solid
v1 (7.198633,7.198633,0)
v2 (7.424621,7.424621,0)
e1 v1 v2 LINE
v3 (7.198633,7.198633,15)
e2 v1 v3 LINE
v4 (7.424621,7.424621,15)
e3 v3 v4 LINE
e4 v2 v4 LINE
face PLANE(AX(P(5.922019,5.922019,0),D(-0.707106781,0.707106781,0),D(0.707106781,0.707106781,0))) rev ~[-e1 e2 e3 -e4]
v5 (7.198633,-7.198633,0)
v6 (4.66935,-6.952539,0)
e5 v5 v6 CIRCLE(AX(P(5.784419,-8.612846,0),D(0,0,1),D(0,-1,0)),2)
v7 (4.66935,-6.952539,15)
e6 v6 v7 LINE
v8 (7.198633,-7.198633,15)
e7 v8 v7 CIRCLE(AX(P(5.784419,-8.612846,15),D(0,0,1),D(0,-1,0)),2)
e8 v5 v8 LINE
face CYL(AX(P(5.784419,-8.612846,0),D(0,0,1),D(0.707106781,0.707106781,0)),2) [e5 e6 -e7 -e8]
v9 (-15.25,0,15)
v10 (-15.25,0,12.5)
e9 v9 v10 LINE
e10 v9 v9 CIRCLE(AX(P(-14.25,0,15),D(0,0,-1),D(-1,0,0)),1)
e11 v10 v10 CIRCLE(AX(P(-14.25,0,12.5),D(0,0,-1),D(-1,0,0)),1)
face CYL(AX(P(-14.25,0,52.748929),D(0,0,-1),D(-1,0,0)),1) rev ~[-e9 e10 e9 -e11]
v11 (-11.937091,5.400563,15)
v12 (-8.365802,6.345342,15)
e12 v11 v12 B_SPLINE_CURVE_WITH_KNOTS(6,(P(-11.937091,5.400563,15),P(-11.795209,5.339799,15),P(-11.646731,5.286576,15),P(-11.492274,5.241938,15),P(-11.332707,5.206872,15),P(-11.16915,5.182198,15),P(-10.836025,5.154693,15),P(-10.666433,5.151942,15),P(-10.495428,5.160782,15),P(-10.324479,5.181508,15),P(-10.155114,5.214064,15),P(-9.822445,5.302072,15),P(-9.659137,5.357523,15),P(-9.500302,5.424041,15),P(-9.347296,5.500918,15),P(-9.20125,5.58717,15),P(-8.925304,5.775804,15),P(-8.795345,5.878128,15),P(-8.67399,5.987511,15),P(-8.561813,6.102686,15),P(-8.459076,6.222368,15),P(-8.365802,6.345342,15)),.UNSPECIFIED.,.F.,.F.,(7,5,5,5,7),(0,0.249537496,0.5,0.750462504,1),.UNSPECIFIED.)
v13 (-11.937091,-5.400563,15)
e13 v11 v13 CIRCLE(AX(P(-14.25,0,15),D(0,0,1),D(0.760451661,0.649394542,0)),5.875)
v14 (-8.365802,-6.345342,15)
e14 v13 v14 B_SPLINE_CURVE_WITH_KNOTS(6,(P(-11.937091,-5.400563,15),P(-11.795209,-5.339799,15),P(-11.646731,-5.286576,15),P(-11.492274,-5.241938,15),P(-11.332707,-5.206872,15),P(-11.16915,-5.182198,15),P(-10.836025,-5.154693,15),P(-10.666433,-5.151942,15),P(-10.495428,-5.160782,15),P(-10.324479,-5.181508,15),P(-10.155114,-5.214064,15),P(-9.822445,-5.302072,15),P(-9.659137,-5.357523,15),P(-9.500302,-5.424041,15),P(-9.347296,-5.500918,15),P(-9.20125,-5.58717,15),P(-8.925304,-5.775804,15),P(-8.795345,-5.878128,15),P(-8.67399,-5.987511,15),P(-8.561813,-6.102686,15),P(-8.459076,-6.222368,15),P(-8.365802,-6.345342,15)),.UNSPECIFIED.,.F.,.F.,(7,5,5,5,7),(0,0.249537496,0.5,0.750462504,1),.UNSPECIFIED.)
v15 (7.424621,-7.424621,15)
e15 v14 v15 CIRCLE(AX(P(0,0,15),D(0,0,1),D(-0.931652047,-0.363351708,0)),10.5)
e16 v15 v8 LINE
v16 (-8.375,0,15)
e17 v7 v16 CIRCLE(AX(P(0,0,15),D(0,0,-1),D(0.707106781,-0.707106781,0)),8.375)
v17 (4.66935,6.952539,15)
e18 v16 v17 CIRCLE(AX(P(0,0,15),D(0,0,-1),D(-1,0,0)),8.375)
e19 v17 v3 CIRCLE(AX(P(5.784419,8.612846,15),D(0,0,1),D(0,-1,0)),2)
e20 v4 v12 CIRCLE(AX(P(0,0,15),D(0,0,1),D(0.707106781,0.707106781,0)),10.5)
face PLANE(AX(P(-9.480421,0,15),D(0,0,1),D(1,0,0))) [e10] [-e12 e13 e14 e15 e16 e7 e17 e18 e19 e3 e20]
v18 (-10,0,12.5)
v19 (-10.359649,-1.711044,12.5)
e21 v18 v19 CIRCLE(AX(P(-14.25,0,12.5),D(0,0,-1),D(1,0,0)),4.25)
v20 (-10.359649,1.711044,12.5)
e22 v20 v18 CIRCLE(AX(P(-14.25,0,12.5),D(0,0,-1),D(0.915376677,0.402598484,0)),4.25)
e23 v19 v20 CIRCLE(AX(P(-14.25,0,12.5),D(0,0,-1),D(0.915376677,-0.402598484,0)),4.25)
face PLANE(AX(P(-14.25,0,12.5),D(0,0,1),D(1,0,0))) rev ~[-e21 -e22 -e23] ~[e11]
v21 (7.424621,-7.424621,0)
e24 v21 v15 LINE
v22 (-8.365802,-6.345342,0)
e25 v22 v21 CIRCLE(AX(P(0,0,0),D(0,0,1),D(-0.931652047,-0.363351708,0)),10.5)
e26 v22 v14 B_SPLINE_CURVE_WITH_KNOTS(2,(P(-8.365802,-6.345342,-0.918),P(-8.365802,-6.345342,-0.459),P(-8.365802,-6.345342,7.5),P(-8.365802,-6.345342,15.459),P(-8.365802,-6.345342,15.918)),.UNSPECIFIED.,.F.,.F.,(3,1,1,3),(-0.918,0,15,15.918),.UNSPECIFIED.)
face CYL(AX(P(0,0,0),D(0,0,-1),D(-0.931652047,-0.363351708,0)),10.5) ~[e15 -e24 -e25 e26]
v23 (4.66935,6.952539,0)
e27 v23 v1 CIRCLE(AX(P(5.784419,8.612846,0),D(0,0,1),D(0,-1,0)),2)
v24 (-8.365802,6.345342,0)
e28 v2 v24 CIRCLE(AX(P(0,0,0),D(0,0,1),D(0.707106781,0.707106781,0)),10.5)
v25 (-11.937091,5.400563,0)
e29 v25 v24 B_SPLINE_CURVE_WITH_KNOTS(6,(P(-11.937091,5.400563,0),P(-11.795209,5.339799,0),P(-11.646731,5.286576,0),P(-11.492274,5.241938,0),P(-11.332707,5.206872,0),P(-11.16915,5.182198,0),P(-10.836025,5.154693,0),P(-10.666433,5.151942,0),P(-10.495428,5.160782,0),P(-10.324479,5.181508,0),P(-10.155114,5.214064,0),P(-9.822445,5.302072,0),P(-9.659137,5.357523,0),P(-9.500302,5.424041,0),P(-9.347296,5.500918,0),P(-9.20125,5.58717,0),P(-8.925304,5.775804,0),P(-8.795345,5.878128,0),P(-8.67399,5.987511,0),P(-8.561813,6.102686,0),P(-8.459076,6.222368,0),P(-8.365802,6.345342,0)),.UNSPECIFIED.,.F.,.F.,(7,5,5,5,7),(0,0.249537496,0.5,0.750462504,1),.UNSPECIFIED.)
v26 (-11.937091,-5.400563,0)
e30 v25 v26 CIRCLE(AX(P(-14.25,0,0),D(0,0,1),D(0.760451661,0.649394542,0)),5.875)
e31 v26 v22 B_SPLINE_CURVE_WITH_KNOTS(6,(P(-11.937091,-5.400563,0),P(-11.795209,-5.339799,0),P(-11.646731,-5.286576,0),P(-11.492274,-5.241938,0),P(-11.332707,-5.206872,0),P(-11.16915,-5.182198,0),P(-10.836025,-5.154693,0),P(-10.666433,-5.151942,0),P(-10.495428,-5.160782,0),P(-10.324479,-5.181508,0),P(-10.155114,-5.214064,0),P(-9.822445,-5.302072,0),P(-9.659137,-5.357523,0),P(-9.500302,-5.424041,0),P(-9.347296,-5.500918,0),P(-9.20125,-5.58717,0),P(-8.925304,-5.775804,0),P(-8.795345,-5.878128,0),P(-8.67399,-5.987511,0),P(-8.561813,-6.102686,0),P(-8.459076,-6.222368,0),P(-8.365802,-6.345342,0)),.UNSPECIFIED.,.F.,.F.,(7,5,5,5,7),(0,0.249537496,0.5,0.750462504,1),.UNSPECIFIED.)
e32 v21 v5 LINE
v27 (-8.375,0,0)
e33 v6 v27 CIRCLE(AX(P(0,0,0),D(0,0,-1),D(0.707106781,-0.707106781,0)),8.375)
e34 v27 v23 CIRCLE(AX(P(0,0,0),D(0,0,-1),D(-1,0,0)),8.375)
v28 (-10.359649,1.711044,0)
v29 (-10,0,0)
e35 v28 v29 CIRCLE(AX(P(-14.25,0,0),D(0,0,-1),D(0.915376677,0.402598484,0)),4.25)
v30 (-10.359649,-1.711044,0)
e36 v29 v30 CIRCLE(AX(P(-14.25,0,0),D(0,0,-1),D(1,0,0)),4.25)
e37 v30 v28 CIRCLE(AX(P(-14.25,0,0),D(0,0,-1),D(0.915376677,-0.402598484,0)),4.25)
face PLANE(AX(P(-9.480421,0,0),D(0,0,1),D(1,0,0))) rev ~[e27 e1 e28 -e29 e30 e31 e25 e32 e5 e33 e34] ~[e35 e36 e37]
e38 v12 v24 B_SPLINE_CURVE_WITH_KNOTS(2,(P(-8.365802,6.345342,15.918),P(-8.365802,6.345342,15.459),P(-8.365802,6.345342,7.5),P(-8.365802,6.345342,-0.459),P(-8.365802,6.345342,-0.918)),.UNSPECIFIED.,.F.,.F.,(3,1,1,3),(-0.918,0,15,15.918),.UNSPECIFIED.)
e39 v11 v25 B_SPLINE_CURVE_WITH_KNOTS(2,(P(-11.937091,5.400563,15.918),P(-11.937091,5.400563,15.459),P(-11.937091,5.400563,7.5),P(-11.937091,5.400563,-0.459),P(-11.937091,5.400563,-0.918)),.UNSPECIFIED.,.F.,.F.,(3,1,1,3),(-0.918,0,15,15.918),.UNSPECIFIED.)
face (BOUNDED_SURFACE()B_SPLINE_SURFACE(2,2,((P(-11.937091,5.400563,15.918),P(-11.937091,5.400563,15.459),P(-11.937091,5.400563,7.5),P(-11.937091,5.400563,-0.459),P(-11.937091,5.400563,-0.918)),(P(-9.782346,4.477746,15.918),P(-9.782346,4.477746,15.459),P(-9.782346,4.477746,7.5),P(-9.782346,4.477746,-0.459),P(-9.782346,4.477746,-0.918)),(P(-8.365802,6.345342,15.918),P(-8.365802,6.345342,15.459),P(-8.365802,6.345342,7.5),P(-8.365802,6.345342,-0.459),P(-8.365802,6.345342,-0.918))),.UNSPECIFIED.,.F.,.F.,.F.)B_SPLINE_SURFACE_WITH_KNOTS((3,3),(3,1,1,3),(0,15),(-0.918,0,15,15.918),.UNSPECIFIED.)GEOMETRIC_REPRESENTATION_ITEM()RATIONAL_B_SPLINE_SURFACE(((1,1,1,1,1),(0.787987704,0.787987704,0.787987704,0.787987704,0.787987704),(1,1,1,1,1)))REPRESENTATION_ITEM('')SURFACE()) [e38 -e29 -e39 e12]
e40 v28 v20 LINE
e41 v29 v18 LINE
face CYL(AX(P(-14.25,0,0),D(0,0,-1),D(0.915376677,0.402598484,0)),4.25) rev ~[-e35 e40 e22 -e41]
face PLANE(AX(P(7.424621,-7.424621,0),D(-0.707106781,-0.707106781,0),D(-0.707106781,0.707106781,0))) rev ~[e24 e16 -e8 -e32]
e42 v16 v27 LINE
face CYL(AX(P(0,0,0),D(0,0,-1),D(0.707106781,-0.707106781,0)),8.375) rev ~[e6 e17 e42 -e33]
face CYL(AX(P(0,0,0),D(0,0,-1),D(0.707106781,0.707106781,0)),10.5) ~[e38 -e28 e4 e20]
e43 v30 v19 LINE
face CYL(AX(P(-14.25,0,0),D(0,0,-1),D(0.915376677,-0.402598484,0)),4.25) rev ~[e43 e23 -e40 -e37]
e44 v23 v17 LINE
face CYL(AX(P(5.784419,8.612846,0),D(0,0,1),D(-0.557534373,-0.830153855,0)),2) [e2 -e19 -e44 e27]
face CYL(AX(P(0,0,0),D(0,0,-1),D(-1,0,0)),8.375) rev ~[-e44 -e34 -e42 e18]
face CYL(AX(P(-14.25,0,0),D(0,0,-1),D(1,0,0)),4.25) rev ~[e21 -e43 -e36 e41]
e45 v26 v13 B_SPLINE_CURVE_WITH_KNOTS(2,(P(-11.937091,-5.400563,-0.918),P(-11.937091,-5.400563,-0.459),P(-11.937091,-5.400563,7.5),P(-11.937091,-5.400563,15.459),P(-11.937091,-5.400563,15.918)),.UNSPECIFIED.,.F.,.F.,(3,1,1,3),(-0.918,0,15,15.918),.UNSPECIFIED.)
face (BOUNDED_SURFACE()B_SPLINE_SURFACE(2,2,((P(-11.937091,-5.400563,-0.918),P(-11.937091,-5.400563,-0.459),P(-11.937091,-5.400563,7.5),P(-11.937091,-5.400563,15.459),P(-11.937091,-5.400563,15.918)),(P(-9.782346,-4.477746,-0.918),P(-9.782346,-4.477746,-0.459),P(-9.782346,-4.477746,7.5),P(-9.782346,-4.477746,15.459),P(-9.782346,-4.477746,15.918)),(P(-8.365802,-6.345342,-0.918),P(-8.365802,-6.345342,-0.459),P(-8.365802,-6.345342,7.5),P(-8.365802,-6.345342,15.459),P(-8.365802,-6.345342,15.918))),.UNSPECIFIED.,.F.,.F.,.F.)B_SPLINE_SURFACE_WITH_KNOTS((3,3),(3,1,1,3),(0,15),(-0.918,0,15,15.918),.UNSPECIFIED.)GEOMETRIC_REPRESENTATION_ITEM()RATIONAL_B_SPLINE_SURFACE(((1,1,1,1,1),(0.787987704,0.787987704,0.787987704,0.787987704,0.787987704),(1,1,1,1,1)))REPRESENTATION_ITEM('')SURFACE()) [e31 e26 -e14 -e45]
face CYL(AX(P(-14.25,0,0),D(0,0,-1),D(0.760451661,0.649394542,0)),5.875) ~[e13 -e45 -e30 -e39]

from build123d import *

# Parameters (mm, degrees)
F1_DEPTH = 15
F2_R     = 2
F3_R     = 5.875
F4_DEPTH = 2.5
F5_R     = 3
F7_D     = 2


with BuildPart() as f1:
    # F0 (on Top) → F1 (new body)
    with BuildSketch(Plane.XY):
        with BuildLine():
            ThreePointArc((-10.3596491228, 1.7110435565), (-10.0908840346, 0.8742164411), (-10, 0))
            ThreePointArc((-10, 0), (-10.0908840346, -0.8742164411), (-10.3596491228, -1.7110435565))
            ThreePointArc((-10.3596491228, -1.7110435565), (-10.1258015969, -2.778154427), (-9.7823464912, -3.8151929343))
            ThreePointArc((-9.7823464912, -3.8151929343), (-8.7380543651, -2.0332437921), (-8.375, 0))
            ThreePointArc((-8.375, 0), (-8.7380543651, 2.0332437921), (-9.7823464912, 3.8151929343))
            ThreePointArc((-9.7823464912, 3.8151929343), (-10.1258015969, 2.778154427), (-10.3596491228, 1.7110435565))
        make_face()
        with BuildLine():
            ThreePointArc((-10.3596491228, -1.7110435565), (-18.5, 0), (-10.3596491228, 1.7110435565))
            ThreePointArc((-10.3596491228, 1.7110435565), (-10.1258015969, 2.778154427), (-9.7823464912, 3.8151929343))
            ThreePointArc((-9.7823464912, 3.8151929343), (-20.125, 0), (-9.7823464912, -3.8151929343))
            ThreePointArc((-9.7823464912, -3.8151929343), (-10.1258015969, -2.778154427), (-10.3596491228, -1.7110435565))
        make_face()
        with BuildLine():
            ThreePointArc((7.4246212025, 7.4246212025), (-2.1556229355, 10.2763461288), (-9.7823464912, 3.8151929343))
            ThreePointArc((-9.7823464912, 3.8151929343), (-8.7380543651, 2.0332437921), (-8.375, 0))
            ThreePointArc((-8.375, 0), (-3.2049737461, 7.7374910848), (5.9220192924, 5.9220192924))
            Line((5.9220192924, 5.9220192924), (7.4246212025, 7.4246212025))
        make_face()
        with BuildLine():
            ThreePointArc((-8.375, 0), (-8.7380543651, -2.0332437921), (-9.7823464912, -3.8151929343))
            ThreePointArc((-9.7823464912, -3.8151929343), (-2.1556229355, -10.2763461288), (7.4246212025, -7.4246212025))
            Line((7.4246212025, -7.4246212025), (5.9220192924, -5.9220192924))
            ThreePointArc((5.9220192924, -5.9220192924), (-3.2049737461, -7.7374910848), (-8.375, 0))
        make_face()
    extrude(amount=F1_DEPTH)

    # F2
    f2_edges = [f1.edges().sort_by_distance(p)[0] for p in [
        (5.922019, 5.922019, 7.5),
        (5.922019, -5.922019, 7.5),
    ]]
    fillet(f2_edges, radius=F2_R)

    # F3 (on face) → F4 (join)
    with BuildSketch(Plane.XY.offset(15)):
        with Locations((-14.25, 0)):
            Circle(F3_R)
    extrude(amount=-F4_DEPTH)

    # F5
    f5_edges = [f1.edges().sort_by_distance(p)[0] for p in [
        (-9.782346, 3.815193, 7.5),
        (-9.782346, -3.815193, 7.5),
    ]]
    fillet(f5_edges, radius=F5_R)

    # F7 (through all)
    with Locations(Plane.XY.offset(15)):
        with Locations((-14.25, 0)):
            Hole(F7_D / 2)


solid = f1.part
